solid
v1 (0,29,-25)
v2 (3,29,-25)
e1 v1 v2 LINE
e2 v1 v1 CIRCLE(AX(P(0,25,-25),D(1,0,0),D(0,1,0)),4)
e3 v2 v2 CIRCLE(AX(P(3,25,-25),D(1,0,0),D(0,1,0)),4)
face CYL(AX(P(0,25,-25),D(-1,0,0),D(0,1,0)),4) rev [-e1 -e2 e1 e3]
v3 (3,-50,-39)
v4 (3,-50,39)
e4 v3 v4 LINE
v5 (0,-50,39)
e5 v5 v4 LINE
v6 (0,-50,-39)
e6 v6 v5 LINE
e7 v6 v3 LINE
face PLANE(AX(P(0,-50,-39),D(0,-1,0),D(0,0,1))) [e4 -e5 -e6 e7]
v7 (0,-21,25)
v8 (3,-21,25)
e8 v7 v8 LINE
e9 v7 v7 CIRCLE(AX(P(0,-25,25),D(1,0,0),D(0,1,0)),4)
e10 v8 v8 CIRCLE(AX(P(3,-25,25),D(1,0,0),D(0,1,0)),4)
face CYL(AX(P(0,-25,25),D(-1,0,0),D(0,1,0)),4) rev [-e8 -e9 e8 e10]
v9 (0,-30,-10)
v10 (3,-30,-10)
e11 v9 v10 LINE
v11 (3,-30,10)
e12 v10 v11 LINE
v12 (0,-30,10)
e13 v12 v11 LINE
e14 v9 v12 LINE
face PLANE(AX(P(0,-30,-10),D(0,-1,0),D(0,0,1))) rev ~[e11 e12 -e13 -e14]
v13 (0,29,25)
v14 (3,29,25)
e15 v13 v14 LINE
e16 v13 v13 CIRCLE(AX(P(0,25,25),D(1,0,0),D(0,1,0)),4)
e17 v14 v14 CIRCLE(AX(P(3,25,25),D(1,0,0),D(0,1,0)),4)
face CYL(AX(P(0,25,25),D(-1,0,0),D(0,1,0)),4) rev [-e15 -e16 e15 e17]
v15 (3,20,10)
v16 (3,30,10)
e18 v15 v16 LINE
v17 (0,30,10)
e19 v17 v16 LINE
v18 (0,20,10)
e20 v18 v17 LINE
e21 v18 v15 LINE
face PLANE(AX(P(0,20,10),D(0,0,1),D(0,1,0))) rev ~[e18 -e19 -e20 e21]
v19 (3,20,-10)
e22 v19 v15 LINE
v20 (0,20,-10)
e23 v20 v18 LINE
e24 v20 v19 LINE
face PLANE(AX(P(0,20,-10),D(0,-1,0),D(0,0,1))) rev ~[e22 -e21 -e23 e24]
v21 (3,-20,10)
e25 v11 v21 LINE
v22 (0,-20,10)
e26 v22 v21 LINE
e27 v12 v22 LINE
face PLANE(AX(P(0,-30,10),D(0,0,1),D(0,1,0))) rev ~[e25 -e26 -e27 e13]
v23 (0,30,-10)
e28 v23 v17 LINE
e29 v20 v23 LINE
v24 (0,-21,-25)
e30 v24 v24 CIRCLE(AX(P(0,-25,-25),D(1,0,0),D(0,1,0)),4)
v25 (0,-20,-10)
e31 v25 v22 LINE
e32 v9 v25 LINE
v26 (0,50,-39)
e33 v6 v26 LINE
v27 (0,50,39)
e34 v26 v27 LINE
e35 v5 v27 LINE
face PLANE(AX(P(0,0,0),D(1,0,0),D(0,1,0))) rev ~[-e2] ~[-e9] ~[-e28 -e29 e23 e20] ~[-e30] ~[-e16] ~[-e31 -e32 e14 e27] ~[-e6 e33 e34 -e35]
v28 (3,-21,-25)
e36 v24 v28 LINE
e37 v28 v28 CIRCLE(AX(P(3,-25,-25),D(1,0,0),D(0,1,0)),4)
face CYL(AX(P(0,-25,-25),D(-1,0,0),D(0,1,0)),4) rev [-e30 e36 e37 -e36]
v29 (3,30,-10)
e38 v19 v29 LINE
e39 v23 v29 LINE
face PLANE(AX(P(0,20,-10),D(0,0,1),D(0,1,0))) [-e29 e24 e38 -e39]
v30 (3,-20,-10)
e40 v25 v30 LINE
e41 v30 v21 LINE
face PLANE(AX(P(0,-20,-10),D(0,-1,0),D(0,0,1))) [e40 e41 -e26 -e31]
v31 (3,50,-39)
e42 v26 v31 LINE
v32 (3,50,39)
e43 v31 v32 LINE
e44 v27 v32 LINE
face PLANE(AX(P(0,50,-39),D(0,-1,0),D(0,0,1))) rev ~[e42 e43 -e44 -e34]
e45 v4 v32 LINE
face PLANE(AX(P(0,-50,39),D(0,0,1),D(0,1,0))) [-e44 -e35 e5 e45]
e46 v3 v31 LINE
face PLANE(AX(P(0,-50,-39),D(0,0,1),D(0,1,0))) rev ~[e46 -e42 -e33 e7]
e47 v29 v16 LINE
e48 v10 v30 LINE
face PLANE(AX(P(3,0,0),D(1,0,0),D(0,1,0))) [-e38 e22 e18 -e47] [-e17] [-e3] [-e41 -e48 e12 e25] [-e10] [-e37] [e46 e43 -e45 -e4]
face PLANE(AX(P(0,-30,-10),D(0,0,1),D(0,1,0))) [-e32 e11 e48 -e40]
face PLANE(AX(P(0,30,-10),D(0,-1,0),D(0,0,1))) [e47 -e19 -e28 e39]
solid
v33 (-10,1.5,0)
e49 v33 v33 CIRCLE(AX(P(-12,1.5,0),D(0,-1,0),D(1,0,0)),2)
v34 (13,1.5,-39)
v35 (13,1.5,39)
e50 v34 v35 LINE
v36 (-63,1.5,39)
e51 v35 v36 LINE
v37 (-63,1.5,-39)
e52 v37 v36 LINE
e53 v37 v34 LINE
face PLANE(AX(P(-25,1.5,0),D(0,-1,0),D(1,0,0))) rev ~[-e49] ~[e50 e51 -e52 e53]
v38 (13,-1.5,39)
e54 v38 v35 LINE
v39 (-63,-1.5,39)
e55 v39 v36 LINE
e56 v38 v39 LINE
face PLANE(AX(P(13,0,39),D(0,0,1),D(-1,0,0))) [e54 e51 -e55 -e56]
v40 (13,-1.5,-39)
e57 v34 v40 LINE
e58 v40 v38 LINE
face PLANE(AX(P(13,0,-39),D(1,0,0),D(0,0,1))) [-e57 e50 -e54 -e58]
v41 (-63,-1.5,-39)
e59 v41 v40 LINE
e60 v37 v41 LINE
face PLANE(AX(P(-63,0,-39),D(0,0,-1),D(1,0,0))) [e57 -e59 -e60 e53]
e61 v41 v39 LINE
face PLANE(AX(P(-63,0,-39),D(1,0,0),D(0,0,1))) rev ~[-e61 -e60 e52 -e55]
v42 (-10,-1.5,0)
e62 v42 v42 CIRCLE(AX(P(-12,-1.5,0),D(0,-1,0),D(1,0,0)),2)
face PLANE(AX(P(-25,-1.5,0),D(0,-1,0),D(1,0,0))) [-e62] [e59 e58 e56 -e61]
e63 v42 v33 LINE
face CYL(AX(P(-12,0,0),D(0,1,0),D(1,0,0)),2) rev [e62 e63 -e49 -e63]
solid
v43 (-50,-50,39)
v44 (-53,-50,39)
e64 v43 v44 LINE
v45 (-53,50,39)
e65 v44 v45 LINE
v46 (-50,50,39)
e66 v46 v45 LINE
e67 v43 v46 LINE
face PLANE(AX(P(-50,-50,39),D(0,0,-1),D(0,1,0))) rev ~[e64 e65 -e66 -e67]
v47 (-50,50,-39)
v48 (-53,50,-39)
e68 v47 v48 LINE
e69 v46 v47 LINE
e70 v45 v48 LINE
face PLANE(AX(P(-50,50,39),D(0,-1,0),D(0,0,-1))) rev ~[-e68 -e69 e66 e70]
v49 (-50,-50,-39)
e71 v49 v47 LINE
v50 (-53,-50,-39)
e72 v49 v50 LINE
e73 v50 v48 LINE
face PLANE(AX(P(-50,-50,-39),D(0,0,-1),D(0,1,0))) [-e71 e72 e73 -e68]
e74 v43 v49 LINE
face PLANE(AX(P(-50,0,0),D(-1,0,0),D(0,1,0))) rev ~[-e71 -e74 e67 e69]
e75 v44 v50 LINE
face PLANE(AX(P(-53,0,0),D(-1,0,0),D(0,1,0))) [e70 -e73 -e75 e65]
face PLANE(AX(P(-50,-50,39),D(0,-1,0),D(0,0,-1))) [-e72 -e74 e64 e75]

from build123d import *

# Parameters (mm, degrees)
F0_W     = 100
F0_H     = 78
F0_R     = 4
F0_W_2   = 10
F0_H_2   = 20
F1_DEPTH = 3
F3_W     = 100
F3_H     = 78
F4_DEPTH = 3
F5_W     = 56
F5_H     = 78
F5_R     = 2
F5_W_2   = 10
F6_DEPTH = 1.5


with BuildPart() as f1:
    # F0 (on Right) → F1 (new body)
    with BuildSketch(Plane.YZ):
        Rectangle(F0_W, F0_H)
        with Locations((-25, -25)):
            Circle(F0_R, mode=Mode.SUBTRACT)
        with Locations((25, -25)):
            Circle(F0_R, mode=Mode.SUBTRACT)
        with Locations((-25, 0)):
            Rectangle(F0_W_2, F0_H_2, mode=Mode.SUBTRACT)
        with Locations((-25, 25)):
            Circle(F0_R, mode=Mode.SUBTRACT)
        with Locations((25, 0)):
            Rectangle(F0_W_2, F0_H_2, mode=Mode.SUBTRACT)
        with Locations((25, 25)):
            Circle(F0_R, mode=Mode.SUBTRACT)
    extrude(amount=F1_DEPTH)


with BuildPart() as f4:
    # F3 (on offset) → F4 (new body)
    with BuildSketch(Plane(origin=(-50, 0, 0), x_dir=(0, 1, 0), z_dir=(-1, 0, 0))):
        Rectangle(F3_W, F3_H)
    extrude(amount=F4_DEPTH)


with BuildPart() as f6:
    # F5 (on Front) → F6 (new body, symmetric)
    with BuildSketch(Plane.XZ):
        with Locations((-25, 0)):
            Rectangle(F5_W, F5_H)
        with Locations((-12, 0)):
            Circle(F5_R, mode=Mode.SUBTRACT)
        with Locations((-58, 0)):
            Rectangle(F5_W_2, F5_H)
        with Locations((8, 0)):
            Rectangle(F5_W_2, F5_H)
    extrude(amount=F6_DEPTH, both=True)


solid = Compound([f1.part, f4.part, f6.part])
